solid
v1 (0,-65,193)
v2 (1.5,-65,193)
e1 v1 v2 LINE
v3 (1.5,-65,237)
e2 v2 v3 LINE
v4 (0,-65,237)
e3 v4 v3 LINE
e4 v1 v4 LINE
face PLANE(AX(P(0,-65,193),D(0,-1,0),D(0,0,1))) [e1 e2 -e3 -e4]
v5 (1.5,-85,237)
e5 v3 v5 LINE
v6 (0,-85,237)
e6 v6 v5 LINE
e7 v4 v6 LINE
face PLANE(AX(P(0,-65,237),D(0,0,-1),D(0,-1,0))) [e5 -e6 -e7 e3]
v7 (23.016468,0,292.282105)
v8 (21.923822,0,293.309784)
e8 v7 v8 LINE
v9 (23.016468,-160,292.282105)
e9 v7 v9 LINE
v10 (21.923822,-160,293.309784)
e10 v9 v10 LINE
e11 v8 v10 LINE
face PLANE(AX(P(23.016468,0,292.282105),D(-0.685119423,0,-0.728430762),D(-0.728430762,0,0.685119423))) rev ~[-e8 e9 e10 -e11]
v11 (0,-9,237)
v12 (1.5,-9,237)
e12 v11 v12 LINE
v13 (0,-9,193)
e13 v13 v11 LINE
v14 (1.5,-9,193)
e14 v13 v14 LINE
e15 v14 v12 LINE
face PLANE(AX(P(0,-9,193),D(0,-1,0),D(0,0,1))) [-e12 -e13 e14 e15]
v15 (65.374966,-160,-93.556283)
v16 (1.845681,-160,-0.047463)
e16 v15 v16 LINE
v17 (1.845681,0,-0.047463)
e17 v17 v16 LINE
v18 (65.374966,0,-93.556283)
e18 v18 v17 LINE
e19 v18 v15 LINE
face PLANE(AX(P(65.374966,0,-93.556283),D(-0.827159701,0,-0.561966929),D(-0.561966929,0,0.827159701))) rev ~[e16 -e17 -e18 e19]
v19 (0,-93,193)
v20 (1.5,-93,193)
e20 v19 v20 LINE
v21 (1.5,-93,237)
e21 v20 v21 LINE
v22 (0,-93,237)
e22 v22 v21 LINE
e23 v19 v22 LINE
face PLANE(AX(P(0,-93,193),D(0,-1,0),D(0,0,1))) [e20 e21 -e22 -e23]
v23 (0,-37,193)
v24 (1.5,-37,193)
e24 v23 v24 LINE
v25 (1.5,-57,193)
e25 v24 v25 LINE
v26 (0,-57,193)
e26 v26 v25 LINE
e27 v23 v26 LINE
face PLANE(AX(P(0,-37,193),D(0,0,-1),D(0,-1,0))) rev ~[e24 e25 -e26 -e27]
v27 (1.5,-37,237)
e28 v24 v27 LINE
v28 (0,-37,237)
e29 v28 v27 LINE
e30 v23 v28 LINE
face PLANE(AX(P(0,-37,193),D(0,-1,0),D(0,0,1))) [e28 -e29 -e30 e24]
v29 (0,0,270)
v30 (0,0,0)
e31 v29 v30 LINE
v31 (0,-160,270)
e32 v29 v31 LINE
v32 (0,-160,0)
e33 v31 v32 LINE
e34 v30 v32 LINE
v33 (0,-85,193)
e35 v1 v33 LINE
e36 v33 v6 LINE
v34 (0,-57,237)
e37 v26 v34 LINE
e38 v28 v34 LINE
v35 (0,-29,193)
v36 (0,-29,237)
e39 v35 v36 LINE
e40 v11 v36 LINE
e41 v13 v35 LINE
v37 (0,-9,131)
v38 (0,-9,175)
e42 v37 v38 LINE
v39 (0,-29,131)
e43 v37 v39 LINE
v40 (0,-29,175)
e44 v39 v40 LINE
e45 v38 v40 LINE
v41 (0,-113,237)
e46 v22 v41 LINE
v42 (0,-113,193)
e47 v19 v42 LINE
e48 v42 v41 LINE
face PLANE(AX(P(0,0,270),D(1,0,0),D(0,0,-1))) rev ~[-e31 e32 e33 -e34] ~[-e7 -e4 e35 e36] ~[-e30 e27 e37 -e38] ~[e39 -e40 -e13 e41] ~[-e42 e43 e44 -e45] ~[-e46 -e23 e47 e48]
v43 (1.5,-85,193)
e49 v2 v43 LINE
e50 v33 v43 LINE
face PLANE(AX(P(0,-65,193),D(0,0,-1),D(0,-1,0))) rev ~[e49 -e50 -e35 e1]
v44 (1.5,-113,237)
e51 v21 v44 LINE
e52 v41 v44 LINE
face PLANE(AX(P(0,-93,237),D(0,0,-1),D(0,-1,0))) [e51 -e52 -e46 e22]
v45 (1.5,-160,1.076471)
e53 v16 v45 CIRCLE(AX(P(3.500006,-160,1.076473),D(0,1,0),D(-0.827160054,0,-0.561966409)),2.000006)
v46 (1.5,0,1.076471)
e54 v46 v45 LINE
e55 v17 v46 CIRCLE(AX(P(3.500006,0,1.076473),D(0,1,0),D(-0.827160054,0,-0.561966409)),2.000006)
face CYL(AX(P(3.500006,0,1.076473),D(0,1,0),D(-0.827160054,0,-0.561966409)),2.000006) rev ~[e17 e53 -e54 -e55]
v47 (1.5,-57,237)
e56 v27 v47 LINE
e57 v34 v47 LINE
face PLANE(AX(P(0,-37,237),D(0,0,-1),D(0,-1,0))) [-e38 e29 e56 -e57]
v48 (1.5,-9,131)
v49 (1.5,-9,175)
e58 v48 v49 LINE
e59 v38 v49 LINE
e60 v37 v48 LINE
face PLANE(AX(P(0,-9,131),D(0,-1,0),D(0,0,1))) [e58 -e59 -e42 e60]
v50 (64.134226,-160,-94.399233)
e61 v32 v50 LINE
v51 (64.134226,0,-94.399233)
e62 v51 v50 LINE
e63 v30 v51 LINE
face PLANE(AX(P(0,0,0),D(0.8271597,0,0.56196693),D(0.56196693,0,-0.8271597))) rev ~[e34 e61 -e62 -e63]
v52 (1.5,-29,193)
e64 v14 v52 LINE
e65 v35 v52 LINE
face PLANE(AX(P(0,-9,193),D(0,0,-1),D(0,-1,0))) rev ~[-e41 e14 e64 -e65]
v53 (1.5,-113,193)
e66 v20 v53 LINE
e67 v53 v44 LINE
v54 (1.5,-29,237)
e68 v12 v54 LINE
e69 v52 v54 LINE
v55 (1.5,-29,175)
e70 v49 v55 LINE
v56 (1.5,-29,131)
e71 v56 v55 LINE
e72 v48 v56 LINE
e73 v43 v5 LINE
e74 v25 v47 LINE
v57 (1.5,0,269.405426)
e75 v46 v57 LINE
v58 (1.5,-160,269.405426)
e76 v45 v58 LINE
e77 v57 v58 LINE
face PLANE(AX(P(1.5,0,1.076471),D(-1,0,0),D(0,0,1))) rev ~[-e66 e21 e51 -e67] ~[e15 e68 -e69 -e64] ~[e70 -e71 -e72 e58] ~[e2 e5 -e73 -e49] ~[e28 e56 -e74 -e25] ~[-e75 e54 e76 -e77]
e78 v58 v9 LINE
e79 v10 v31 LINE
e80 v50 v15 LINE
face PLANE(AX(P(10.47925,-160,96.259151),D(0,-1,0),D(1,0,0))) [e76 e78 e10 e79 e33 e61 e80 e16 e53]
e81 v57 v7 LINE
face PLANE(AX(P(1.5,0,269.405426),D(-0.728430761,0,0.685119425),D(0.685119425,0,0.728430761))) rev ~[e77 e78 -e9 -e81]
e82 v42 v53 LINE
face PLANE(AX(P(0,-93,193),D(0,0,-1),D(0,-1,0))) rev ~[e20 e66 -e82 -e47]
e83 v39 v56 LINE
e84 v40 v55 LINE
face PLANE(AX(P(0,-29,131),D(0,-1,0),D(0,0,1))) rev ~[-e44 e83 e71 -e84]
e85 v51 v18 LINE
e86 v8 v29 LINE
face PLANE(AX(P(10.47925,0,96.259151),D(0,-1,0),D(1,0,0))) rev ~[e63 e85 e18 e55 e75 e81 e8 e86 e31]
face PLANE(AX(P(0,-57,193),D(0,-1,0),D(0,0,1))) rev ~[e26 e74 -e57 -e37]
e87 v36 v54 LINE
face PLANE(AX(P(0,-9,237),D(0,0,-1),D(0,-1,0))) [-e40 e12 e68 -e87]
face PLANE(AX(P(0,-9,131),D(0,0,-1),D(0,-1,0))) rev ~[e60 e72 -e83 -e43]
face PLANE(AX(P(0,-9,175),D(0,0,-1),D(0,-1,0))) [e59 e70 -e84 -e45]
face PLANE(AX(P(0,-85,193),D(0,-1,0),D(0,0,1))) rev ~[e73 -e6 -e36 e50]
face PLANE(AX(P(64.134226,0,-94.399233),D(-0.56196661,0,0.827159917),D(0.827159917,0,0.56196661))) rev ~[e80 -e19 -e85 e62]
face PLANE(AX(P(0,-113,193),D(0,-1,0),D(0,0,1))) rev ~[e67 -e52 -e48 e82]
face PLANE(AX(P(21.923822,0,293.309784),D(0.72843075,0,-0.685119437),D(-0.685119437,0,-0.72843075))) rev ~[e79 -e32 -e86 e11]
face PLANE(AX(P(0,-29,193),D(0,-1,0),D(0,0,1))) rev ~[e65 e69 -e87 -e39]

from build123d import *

# Parameters (mm, degrees)
F1_DEPTH = 160
F2_W     = 20
F2_H     = 44
F3_DEPTH = 65.375966


with BuildPart() as f1:
    # F0 (on Front) → F1 (new body)
    with BuildSketch(Plane.XZ):
        with BuildLine():
            Line((0, 270), (0, 0))
            Line((0, 0), (64.134226, -94.399233))
            Line((64.134226, -94.399233), (65.374966, -93.556283))
            Line((65.374966, -93.556283), (1.845681, -0.047463))
            ThreePointArc((1.845681, -0.047463), (1.588373, 0.488525), (1.5, 1.076471))
            Line((1.5, 1.076471), (1.5, 269.405426))
            Line((1.5, 269.405426), (23.016468, 292.282105))
            Line((23.016468, 292.282105), (21.923822, 293.309784))
            Line((21.923822, 293.309784), (0, 270))
        make_face()
    extrude(amount=F1_DEPTH)

    # F2 (on face) → F3 (cut, through all)
    with BuildSketch(Plane(origin=(0, 0, 0), x_dir=(0, -1, 0), z_dir=(-1, 0, 0))):
        with Locations((19, 215)):
            Rectangle(F2_W, F2_H)
        with Locations((47, 215)):
            Rectangle(F2_W, F2_H)
        with Locations((75, 215)):
            Rectangle(F2_W, F2_H)
        with Locations((103, 215)):
            Rectangle(F2_W, F2_H)
        with Locations((19, 153)):
            Rectangle(F2_W, F2_H)
    extrude(amount=-F3_DEPTH, mode=Mode.SUBTRACT)


solid = f1.part
